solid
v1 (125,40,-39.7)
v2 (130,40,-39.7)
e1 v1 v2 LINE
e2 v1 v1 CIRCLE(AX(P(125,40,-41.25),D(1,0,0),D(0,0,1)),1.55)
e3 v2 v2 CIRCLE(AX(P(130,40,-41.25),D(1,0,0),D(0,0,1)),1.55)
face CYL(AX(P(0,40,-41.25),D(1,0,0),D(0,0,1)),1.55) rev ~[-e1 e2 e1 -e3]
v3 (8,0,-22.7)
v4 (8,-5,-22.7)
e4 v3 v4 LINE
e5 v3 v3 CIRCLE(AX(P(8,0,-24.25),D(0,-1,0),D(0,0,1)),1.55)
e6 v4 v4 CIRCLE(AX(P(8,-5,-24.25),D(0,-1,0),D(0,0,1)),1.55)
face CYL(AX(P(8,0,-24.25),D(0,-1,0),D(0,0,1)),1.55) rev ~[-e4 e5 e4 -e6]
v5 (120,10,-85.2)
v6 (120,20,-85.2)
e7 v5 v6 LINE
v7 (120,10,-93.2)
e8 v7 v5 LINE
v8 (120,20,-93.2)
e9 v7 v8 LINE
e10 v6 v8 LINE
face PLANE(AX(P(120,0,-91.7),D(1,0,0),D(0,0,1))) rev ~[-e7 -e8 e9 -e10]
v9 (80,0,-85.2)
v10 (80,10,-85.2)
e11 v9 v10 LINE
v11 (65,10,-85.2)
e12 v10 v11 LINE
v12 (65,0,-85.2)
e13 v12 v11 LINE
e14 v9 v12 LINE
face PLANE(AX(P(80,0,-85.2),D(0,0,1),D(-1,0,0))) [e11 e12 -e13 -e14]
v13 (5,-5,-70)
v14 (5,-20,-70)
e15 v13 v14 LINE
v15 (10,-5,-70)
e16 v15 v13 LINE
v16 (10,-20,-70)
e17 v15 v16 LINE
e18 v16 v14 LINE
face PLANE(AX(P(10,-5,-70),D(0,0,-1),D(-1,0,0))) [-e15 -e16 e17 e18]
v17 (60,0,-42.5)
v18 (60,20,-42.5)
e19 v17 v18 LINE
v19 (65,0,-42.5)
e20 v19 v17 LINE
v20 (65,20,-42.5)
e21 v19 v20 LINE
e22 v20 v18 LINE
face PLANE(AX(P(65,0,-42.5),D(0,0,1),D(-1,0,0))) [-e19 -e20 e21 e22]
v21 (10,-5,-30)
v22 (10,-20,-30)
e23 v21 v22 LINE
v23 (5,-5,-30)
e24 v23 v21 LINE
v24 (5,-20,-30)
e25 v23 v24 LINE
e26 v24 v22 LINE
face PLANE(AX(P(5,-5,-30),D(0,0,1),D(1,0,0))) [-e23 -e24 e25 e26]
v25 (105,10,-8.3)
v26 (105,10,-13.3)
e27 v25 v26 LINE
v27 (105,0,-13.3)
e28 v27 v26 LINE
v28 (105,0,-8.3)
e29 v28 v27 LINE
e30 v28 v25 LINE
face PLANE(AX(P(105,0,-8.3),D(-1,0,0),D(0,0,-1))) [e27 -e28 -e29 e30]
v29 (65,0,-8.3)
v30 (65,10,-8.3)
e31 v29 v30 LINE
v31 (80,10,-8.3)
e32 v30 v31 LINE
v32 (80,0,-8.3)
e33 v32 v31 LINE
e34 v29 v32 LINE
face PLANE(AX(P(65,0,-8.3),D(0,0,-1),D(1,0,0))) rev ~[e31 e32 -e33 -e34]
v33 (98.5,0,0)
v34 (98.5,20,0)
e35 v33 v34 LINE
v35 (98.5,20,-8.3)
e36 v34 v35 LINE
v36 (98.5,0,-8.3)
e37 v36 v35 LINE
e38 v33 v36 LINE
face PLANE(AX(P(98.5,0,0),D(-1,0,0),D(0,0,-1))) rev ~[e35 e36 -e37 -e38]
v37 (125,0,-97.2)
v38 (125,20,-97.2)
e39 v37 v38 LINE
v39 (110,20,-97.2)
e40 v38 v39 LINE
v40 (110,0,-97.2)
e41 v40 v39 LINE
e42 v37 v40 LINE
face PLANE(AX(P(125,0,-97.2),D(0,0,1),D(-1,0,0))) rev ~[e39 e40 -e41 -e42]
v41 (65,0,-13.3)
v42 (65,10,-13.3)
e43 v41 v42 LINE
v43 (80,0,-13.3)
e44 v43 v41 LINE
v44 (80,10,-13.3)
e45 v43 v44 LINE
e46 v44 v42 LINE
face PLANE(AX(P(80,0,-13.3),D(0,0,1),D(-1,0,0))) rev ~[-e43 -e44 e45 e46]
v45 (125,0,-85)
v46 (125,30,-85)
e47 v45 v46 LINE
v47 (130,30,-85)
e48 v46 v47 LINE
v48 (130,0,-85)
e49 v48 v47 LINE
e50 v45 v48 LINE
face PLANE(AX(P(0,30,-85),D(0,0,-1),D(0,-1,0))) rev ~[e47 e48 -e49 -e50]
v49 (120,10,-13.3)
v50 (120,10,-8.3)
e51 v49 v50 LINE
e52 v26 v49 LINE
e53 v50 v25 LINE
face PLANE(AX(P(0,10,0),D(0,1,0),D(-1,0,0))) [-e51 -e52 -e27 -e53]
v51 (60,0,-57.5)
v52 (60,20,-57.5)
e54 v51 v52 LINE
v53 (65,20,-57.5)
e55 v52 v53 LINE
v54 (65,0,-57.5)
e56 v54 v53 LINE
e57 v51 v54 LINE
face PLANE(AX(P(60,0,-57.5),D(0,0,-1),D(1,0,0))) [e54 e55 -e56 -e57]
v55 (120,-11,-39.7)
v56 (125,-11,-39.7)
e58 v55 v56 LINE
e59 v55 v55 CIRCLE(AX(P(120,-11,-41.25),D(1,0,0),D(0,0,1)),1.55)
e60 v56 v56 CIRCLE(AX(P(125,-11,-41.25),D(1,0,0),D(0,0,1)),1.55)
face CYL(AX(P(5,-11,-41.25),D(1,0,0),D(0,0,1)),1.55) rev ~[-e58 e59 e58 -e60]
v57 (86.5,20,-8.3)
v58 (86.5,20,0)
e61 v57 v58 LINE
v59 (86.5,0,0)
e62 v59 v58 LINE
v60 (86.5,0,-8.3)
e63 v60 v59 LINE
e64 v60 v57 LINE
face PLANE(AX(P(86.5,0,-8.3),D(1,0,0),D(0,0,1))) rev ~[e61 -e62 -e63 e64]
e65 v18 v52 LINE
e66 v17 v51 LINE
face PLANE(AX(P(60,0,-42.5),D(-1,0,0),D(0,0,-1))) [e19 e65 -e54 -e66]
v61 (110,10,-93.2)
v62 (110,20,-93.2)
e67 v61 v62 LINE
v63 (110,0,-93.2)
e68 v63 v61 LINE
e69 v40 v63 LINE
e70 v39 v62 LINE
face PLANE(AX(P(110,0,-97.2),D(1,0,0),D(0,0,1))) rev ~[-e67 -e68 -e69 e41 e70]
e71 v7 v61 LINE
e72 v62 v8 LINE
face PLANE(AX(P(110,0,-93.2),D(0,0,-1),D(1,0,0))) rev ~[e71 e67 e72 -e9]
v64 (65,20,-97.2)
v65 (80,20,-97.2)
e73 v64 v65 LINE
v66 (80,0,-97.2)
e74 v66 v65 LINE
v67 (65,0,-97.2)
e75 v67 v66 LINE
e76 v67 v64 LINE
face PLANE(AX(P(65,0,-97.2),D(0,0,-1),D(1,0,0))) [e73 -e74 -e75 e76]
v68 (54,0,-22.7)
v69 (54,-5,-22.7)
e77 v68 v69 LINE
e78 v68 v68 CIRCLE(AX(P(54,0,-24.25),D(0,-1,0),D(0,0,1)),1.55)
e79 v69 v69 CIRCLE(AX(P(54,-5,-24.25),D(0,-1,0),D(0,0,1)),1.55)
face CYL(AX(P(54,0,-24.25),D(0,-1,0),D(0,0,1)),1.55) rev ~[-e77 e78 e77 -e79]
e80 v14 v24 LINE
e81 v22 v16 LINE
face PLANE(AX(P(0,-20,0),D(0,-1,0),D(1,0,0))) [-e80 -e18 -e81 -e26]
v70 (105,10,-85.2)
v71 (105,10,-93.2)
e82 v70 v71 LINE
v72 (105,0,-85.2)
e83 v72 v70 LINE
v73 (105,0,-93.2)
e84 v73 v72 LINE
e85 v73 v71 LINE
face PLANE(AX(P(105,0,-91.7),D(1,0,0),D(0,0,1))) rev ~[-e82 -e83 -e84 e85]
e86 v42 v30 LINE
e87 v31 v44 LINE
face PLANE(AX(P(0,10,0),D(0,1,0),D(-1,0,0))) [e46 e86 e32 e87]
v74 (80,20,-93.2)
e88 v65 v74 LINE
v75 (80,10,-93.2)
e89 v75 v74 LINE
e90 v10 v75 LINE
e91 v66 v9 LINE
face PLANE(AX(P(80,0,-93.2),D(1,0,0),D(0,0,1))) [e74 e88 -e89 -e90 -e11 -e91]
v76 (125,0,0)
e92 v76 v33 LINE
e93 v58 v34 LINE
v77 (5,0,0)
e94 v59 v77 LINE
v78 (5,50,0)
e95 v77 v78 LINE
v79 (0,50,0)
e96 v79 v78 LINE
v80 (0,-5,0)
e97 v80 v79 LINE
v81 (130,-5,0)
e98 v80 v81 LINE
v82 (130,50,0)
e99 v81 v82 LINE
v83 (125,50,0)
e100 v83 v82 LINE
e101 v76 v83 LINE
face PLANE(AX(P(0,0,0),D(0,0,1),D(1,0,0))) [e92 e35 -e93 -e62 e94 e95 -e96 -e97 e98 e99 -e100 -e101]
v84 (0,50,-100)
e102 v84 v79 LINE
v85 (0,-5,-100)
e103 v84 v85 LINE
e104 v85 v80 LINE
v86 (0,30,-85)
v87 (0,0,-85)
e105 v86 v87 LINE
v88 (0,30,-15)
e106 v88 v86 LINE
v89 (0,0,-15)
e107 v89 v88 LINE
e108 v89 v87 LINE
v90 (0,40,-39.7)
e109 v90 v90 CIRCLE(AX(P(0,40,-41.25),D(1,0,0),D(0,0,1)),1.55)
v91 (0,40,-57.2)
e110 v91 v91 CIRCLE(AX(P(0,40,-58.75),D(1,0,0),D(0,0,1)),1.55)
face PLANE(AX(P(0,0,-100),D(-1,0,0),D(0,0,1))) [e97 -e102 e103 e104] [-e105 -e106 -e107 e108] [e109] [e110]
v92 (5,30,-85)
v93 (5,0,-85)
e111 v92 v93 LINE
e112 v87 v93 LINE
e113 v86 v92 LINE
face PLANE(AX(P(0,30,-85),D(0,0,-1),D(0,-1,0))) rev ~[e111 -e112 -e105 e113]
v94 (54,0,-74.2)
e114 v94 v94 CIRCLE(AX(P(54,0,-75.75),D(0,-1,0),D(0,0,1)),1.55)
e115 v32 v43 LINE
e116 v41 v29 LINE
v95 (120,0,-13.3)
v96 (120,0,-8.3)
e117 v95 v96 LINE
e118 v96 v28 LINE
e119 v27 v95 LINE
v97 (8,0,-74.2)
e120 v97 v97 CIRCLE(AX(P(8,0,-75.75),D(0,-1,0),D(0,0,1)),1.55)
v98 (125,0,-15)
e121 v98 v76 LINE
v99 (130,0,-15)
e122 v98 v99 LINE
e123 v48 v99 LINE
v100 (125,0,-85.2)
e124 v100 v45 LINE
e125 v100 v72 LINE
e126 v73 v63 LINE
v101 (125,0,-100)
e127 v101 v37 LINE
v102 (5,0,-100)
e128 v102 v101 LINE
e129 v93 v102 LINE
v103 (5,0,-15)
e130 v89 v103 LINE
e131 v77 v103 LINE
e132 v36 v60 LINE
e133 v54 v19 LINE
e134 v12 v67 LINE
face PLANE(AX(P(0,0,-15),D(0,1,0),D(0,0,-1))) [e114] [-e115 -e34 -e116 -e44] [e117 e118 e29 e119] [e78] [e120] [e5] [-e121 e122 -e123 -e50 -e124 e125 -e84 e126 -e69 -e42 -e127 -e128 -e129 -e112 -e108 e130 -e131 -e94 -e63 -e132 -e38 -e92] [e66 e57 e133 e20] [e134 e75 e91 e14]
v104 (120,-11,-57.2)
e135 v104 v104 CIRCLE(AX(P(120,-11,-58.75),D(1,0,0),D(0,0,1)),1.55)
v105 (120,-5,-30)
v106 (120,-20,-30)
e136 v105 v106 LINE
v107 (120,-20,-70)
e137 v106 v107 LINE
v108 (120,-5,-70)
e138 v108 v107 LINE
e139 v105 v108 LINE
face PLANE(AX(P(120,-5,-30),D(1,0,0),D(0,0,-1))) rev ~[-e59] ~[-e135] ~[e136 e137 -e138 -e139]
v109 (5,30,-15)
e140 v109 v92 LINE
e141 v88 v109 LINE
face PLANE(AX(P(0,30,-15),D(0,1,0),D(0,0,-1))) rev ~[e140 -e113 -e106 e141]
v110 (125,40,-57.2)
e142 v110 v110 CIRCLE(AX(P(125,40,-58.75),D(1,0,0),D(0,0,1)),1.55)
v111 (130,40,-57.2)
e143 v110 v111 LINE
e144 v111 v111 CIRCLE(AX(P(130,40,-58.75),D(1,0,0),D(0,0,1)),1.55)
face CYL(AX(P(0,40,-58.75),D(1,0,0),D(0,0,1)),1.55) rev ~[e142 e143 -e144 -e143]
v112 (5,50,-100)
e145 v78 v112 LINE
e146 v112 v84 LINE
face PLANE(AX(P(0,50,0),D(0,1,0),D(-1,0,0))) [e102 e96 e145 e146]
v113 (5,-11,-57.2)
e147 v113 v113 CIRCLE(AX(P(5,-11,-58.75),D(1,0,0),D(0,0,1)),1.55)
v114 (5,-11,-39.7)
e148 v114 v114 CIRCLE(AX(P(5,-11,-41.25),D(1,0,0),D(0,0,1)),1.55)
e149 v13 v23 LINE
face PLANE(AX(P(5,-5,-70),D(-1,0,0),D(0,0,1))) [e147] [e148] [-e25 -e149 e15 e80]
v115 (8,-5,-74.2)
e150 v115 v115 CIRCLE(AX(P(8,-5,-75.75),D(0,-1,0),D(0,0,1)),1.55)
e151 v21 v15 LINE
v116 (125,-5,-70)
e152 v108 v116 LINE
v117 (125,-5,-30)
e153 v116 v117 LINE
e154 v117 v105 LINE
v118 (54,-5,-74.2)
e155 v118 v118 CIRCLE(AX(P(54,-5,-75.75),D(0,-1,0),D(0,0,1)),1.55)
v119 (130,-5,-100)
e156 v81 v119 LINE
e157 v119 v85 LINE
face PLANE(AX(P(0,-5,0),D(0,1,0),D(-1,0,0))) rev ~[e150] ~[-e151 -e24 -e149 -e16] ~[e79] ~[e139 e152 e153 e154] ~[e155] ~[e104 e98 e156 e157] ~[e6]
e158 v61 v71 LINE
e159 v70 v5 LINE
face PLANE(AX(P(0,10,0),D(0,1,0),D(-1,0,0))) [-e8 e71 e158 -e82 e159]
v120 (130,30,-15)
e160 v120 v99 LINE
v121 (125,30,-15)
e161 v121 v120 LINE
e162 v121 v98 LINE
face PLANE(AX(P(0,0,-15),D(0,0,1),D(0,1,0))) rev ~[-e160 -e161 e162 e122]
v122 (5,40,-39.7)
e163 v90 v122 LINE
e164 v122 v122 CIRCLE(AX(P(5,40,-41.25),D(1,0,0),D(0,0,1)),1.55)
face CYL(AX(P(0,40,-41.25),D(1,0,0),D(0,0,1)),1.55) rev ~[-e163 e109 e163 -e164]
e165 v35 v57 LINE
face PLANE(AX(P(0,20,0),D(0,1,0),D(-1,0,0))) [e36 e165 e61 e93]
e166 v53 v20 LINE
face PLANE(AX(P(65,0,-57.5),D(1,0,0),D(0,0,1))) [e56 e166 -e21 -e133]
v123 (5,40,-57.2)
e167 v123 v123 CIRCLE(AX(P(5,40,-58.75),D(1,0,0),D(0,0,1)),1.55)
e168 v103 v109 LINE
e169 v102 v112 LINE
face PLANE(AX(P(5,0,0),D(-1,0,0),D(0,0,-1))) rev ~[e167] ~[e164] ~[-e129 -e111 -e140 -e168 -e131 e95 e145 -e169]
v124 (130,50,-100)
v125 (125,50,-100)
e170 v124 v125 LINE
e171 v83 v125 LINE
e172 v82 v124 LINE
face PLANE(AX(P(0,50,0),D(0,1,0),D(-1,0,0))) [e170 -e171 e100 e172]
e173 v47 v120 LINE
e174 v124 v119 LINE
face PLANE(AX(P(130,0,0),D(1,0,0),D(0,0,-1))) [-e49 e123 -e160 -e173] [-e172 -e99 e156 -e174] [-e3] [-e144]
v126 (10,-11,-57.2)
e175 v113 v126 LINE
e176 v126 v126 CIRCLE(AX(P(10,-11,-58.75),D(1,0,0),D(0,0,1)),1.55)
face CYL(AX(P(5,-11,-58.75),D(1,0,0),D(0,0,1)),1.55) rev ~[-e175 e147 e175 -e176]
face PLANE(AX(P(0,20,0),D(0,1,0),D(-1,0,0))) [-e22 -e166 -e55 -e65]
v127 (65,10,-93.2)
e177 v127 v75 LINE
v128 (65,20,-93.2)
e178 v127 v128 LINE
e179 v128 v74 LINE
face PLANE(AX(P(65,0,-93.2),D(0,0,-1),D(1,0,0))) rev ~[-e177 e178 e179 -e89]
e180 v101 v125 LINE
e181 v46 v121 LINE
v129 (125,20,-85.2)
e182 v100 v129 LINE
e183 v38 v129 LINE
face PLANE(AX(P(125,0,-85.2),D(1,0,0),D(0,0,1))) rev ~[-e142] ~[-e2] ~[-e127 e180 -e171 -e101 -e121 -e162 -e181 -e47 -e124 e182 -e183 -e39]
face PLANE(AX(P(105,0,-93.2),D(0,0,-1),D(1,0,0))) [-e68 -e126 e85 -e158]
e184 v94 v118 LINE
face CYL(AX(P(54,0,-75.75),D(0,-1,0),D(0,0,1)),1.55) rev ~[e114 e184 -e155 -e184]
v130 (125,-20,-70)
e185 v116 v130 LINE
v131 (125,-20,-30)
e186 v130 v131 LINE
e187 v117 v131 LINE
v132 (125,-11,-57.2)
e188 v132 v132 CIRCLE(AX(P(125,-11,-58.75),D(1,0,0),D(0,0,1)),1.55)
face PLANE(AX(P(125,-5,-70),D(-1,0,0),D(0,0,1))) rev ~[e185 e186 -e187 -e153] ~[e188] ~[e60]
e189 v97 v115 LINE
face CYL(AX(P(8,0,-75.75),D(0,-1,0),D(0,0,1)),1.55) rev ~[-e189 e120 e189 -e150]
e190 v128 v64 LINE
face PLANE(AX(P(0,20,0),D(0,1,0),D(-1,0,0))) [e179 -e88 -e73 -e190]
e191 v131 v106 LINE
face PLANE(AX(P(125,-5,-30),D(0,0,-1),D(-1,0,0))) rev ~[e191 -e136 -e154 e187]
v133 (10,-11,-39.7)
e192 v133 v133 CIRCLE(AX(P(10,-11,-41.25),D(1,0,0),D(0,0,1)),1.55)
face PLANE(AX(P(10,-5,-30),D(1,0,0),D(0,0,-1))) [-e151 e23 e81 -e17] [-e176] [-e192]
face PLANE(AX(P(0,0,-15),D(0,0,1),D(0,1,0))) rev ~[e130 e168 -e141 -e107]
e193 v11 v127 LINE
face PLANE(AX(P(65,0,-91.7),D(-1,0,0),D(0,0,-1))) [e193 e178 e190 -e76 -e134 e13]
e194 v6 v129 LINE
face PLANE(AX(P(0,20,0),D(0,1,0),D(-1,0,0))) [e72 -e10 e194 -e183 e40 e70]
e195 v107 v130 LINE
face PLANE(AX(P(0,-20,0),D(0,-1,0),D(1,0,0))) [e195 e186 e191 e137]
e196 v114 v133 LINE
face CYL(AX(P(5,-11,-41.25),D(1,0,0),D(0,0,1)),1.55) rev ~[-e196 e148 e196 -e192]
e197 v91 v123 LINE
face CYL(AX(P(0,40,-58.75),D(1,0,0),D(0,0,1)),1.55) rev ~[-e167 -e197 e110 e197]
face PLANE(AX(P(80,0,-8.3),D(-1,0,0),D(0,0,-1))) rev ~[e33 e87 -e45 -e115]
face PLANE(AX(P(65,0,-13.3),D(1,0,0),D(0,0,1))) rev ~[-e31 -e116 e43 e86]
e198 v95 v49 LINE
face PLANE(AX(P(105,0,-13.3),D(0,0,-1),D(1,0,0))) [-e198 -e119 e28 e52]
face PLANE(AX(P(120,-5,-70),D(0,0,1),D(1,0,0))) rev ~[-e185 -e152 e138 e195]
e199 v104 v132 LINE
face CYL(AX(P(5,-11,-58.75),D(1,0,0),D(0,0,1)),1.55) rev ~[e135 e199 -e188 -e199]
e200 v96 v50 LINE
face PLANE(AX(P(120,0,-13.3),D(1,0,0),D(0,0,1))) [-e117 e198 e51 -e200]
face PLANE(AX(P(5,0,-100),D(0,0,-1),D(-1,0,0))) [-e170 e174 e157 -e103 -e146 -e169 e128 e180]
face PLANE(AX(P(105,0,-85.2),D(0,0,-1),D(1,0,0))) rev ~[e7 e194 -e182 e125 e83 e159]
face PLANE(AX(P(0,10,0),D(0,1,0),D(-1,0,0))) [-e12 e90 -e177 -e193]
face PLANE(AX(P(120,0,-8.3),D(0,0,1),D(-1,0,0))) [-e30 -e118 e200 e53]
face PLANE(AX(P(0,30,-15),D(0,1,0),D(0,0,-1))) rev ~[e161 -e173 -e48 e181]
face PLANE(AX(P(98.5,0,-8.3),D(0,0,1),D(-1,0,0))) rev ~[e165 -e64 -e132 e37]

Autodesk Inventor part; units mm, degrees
ref_plane "YZ Plane" through (0, 0, 0) normal (1, 0, 0) x (0, 1, 0)
ref_plane "XZ Plane" through (0, 0, 0) normal (0, 1, 0) x (-1, 0, 0)
sketch "Sketch1" plane through (0, 0, 0) normal (0, 1, 0) x (-1, 0, 0)
  line L0 (0, 0) -> (-130, 0)
  line L1 (-130, 0) -> (-130, -100)
  line L2 (-130, -100) -> (0, -100)
  line L3 (0, -100) -> (0, 0)
  line L4 (-5, -21) -> (-57, -21) construction
  line L5 (-65, -21) -> (-65, -79) construction
  line L6 (-57, -79) -> (-5, -79) construction
  line L7 (-5, -79) -> (-5, -21) construction
  line L8 (-65, -91.7) -> (-120, -91.7) construction
  line L9 (-120, -91.7) -> (-120, -8.3) construction
  line L10 (-120, -8.3) -> (-65, -8.3) construction
  line L11 (-65, -8.3) -> (-65, -91.7) construction
  line L12 (-5, 0) -> (-5, -100)
  line L13 (-125, -100) -> (-125, 0)
  line L14 (-86.5, 0) -> (-98.5, 0)
  line L15 (-98.5, 0) -> (-98.5, -8.3)
  line L16 (-98.5, -8.3) -> (-86.5, -8.3)
  line L17 (-86.5, -8.3) -> (-86.5, 0)
  line L18 (-87.5, -100) -> (-97.5, -100)
  line L19 (-110, -93.2) -> (-120, -93.2)
  line L20 (-120, -93.2) -> (-120, -85.2)
  line L21 (-120, -85.2) -> (-125, -85.2)
  line L22 (-125, -85.2) -> (-125, -97.2)
  line L23 (-125, -97.2) -> (-110, -97.2)
  line L24 (-110, -97.2) -> (-110, -93.2)
  line L25 (-57, -79) -> (-57, -21) construction
  line L26 (-120, -8.3) -> (-105, -8.3)
  line L27 (-105, -8.3) -> (-105, -13.3)
  line L28 (-105, -13.3) -> (-120, -13.3)
  line L29 (-120, -13.3) -> (-120, -8.3)
  line L30 (-65, -8.3) -> (-80, -8.3)
  line L31 (-80, -8.3) -> (-80, -13.3)
  line L32 (-80, -13.3) -> (-65, -13.3)
  line L33 (-65, -13.3) -> (-65, -8.3)
  line L34 (-120, -91.7) -> (-105, -91.7)
  line L35 (-105, -91.7) -> (-105, -85.2)
  line L36 (-105, -85.2) -> (-120, -85.2)
  line L37 (-120, -85.2) -> (-120, -91.7)
  line L38 (-65, -91.7) -> (-80, -91.7)
  line L39 (-80, -91.7) -> (-80, -85.2)
  line L40 (-80, -85.2) -> (-65, -85.2)
  line L41 (-65, -85.2) -> (-65, -91.7)
  line L42 (-65, -42.5) -> (-60, -42.5)
  line L43 (-60, -42.5) -> (-60, -57.5)
  line L44 (-60, -57.5) -> (-65, -57.5)
  line L45 (-65, -57.5) -> (-65, -42.5)
  line L46 (-54, -75.75) -> (-8, -75.75) construction
  line L47 (-8, -75.75) -> (-8, -24.25) construction
  line L48 (-120, -91.7) -> (-105, -91.7)
  line L49 (-105, -91.7) -> (-105, -93.2)
  line L50 (-105, -93.2) -> (-120, -93.2)
  line L51 (-120, -93.2) -> (-120, -91.7)
  line L52 (-80, -91.7) -> (-65, -91.7)
  line L53 (-65, -91.7) -> (-65, -93.2)
  line L54 (-65, -93.2) -> (-80, -93.2)
  line L55 (-80, -93.2) -> (-80, -91.7)
  line L56 (-80, -93.2) -> (-65, -93.2)
  line L57 (-65, -93.2) -> (-65, -97.2)
  line L58 (-65, -97.2) -> (-80, -97.2)
  line L59 (-80, -97.2) -> (-80, -93.2)
  point P0 (0, -50)
  point P1 (-65, -50)
  point P2 (-65, -100)
  point P3 (-120, -50)
  point P4 (-120, -50)
  point P5 (-54, -24.25)
  point P6 (-92.5, -8.3)
  point P7 (-92.5, -8.3)
  point P8 (-86.5, 0)
  point P9 (-98.5, 0)
  point P10 (-45, -100)
  point P11 (-95, -100)
  point P12 (-92.5, -91.7)
  point P13 (-110, -95.2)
  point P14 (-115, -93.2)
  point P15 (-125, -85.2)
  point P16 (-125, -97.2)
  point P17 (-5, -50)
  point P18 (-57, -50)
  point P19 (-65, -50)
  point P20 (-31, -75.75)
  point P21 (-31, -79)
  point P22 (-8, -50)
  point P23 (-75, -93)
  point P24 (-65, -93)
  point P25 (-72.5, -97.2)
  point P26 (-65, -93.2)
  dimension "d0" = 100
  dimension "d1" = 130
  dimension "d2" = 52
  dimension "d3" = 58
  dimension "d5" = 55
  dimension "d6" = 83.4
  dimension "d10" = 5
  dimension "d11" = 5
  dimension "d16" = 12
  dimension "d17" = 8.3
  dimension "d88" = 10
  dimension "d89" = 5
  dimension "d90" = 4
  dimension "d92" = 8
  dimension "d93" = 1.5
  dimension "d101" = 15
  dimension "d102" = 15
  dimension "d103" = 6.5
  dimension "d104" = 5
  dimension "d105" = 15
  dimension "d111" = 0
  dimension "d112" = 15
  dimension "d113" = 5
  dimension "d116" = 46
  dimension "d117" = 51.5
extrude "Extrusion2" add sketch "Sketch1" against normal blind 5 contours L3 L2 L12 L0 | L12 L2 L13 L23 L24 L50 L49 L35 L36 L21 L0 L15 L16 L17 | L17 L16 L15 L0 | L13 L2 L1 L0 | L21 L20 L19 L24 L23 L13 | L36 L35 L34 L20 | L34 L49 L50 L19 L20 | L26 L27 L28 L29 | L33 L32 L31 L30 | L53 L54 L55 L38 | L38 L39 L40 L41 | L57 L58 L59 L54 | L42 L43 L44 L45
hole "Hole1" at (8, 0, -75.75) at (8, 0, -24.25) at (54, 0, -75.75) at (54, 0, -24.25) direction (0, -1, 0) diameter 3.1 end through all
extrude "Extrusion5" add sketch "Sketch1" along normal blind 50 contours L3 L2 L12 L0 | L13 L2 L1 L0
extrude "Extrusion6" add sketch "Sketch1" along normal blind 20 contours L17 L16 L15 L0 | L21 L20 L19 L24 L23 L13
ref_plane "Work Plane1" through (65, -5, 0) normal (-1, 0, 0) x (0, 0, 1)
sketch "Sketch5" plane through (0, -5, 0) normal (0, -1, 0) x (1, 0, 0)
  line L0 (130, 0) -> (0, 0) projected
  line L1 (65, 0) -> (65, -100)
  line L2 (0, -100) -> (130, -100) projected
  line L3 (5, -30) -> (10, -30)
  line L4 (10, -30) -> (10, -70)
  line L5 (10, -70) -> (5, -70)
  line L6 (5, -70) -> (5, -30)
  line L7 (125, -30) -> (120, -30)
  line L8 (120, -30) -> (120, -70)
  line L9 (120, -70) -> (125, -70)
  line L10 (125, -70) -> (125, -30)
  point P0 (65, -50)
  point P1 (10, -50)
  dimension "d60" = 40
  dimension "d61" = 5
  dimension "d62" = 55
extrude "Extrusion9" add sketch "Sketch5" along normal blind 15
sketch "Sketch6" plane through (5, -5, -70) normal (-1, 0, 0) x (0, 0, 1)
  line L0 (11.25, -6) -> (28.75, -6) construction
  line L1 (70, 0) -> (-30, 0) projected
  line L2 (11.25, 36) -> (28.75, 36)
  point P0 (70, 5)
  point P1 (20, 0)
  point P2 (20, -6)
  dimension "d65" = 17.5
  dimension "d66" = 6
  dimension "d74" = 17.5
hole "Hole2" at (5, -11, -58.75) at (5, -11, -41.25) direction (1, 0, 0) diameter 3.1 end through all
sketch "Sketch7" plane through (0, -5, -100) normal (-1, 0, 0) x (0, 0, 1)
  line L0 (41.25, 45) -> (58.75, 45) construction
  line L1 (100, 0) -> (0, 0) projected
  line L2 (0, 55) -> (100, 55) projected
  point P0 (100, 5)
  point P1 (50, 45)
  point P2 (50, 0)
  dimension "d75" = 17.5
  dimension "d76" = 10
hole "Hole3" at (0, 40, -58.75) at (0, 40, -41.25) direction (1, 0, 0) diameter 3.1 end through all
sketch "Sketch8" plane through (0, -5, -100) normal (-1, 0, 0) x (0, 0, 1)
  line L0 (100, 5) -> (0, 5) projected
  line L1 (15, 5) -> (85, 5)
  line L2 (85, 5) -> (85, 35)
  line L3 (85, 35) -> (15, 35)
  line L4 (15, 35) -> (15, 5)
  line L5 (0, 55) -> (100, 55) projected
  point P0 (14.8, 5)
  point P1 (50, 35)
  point P2 (50, 55)
  dimension "d95" = 70
  dimension "d96" = 30
extrude "Extrusion10" cut sketch "Sketch8" against normal through all
extrude "Extrusion11" add sketch "Sketch1" along normal blind 10 contours L36 L35 L34 L20 | L34 L49 L50 L19 L20 | L26 L27 L28 L29 | L33 L32 L31 L30 | L53 L54 L55 L38 | L38 L39 L40 L41
extrude "Extrusion13" add sketch "Sketch1" along normal blind 20 contours L57 L58 L59 L54 | L42 L43 L44 L45
properties part number "Chasis 2"
